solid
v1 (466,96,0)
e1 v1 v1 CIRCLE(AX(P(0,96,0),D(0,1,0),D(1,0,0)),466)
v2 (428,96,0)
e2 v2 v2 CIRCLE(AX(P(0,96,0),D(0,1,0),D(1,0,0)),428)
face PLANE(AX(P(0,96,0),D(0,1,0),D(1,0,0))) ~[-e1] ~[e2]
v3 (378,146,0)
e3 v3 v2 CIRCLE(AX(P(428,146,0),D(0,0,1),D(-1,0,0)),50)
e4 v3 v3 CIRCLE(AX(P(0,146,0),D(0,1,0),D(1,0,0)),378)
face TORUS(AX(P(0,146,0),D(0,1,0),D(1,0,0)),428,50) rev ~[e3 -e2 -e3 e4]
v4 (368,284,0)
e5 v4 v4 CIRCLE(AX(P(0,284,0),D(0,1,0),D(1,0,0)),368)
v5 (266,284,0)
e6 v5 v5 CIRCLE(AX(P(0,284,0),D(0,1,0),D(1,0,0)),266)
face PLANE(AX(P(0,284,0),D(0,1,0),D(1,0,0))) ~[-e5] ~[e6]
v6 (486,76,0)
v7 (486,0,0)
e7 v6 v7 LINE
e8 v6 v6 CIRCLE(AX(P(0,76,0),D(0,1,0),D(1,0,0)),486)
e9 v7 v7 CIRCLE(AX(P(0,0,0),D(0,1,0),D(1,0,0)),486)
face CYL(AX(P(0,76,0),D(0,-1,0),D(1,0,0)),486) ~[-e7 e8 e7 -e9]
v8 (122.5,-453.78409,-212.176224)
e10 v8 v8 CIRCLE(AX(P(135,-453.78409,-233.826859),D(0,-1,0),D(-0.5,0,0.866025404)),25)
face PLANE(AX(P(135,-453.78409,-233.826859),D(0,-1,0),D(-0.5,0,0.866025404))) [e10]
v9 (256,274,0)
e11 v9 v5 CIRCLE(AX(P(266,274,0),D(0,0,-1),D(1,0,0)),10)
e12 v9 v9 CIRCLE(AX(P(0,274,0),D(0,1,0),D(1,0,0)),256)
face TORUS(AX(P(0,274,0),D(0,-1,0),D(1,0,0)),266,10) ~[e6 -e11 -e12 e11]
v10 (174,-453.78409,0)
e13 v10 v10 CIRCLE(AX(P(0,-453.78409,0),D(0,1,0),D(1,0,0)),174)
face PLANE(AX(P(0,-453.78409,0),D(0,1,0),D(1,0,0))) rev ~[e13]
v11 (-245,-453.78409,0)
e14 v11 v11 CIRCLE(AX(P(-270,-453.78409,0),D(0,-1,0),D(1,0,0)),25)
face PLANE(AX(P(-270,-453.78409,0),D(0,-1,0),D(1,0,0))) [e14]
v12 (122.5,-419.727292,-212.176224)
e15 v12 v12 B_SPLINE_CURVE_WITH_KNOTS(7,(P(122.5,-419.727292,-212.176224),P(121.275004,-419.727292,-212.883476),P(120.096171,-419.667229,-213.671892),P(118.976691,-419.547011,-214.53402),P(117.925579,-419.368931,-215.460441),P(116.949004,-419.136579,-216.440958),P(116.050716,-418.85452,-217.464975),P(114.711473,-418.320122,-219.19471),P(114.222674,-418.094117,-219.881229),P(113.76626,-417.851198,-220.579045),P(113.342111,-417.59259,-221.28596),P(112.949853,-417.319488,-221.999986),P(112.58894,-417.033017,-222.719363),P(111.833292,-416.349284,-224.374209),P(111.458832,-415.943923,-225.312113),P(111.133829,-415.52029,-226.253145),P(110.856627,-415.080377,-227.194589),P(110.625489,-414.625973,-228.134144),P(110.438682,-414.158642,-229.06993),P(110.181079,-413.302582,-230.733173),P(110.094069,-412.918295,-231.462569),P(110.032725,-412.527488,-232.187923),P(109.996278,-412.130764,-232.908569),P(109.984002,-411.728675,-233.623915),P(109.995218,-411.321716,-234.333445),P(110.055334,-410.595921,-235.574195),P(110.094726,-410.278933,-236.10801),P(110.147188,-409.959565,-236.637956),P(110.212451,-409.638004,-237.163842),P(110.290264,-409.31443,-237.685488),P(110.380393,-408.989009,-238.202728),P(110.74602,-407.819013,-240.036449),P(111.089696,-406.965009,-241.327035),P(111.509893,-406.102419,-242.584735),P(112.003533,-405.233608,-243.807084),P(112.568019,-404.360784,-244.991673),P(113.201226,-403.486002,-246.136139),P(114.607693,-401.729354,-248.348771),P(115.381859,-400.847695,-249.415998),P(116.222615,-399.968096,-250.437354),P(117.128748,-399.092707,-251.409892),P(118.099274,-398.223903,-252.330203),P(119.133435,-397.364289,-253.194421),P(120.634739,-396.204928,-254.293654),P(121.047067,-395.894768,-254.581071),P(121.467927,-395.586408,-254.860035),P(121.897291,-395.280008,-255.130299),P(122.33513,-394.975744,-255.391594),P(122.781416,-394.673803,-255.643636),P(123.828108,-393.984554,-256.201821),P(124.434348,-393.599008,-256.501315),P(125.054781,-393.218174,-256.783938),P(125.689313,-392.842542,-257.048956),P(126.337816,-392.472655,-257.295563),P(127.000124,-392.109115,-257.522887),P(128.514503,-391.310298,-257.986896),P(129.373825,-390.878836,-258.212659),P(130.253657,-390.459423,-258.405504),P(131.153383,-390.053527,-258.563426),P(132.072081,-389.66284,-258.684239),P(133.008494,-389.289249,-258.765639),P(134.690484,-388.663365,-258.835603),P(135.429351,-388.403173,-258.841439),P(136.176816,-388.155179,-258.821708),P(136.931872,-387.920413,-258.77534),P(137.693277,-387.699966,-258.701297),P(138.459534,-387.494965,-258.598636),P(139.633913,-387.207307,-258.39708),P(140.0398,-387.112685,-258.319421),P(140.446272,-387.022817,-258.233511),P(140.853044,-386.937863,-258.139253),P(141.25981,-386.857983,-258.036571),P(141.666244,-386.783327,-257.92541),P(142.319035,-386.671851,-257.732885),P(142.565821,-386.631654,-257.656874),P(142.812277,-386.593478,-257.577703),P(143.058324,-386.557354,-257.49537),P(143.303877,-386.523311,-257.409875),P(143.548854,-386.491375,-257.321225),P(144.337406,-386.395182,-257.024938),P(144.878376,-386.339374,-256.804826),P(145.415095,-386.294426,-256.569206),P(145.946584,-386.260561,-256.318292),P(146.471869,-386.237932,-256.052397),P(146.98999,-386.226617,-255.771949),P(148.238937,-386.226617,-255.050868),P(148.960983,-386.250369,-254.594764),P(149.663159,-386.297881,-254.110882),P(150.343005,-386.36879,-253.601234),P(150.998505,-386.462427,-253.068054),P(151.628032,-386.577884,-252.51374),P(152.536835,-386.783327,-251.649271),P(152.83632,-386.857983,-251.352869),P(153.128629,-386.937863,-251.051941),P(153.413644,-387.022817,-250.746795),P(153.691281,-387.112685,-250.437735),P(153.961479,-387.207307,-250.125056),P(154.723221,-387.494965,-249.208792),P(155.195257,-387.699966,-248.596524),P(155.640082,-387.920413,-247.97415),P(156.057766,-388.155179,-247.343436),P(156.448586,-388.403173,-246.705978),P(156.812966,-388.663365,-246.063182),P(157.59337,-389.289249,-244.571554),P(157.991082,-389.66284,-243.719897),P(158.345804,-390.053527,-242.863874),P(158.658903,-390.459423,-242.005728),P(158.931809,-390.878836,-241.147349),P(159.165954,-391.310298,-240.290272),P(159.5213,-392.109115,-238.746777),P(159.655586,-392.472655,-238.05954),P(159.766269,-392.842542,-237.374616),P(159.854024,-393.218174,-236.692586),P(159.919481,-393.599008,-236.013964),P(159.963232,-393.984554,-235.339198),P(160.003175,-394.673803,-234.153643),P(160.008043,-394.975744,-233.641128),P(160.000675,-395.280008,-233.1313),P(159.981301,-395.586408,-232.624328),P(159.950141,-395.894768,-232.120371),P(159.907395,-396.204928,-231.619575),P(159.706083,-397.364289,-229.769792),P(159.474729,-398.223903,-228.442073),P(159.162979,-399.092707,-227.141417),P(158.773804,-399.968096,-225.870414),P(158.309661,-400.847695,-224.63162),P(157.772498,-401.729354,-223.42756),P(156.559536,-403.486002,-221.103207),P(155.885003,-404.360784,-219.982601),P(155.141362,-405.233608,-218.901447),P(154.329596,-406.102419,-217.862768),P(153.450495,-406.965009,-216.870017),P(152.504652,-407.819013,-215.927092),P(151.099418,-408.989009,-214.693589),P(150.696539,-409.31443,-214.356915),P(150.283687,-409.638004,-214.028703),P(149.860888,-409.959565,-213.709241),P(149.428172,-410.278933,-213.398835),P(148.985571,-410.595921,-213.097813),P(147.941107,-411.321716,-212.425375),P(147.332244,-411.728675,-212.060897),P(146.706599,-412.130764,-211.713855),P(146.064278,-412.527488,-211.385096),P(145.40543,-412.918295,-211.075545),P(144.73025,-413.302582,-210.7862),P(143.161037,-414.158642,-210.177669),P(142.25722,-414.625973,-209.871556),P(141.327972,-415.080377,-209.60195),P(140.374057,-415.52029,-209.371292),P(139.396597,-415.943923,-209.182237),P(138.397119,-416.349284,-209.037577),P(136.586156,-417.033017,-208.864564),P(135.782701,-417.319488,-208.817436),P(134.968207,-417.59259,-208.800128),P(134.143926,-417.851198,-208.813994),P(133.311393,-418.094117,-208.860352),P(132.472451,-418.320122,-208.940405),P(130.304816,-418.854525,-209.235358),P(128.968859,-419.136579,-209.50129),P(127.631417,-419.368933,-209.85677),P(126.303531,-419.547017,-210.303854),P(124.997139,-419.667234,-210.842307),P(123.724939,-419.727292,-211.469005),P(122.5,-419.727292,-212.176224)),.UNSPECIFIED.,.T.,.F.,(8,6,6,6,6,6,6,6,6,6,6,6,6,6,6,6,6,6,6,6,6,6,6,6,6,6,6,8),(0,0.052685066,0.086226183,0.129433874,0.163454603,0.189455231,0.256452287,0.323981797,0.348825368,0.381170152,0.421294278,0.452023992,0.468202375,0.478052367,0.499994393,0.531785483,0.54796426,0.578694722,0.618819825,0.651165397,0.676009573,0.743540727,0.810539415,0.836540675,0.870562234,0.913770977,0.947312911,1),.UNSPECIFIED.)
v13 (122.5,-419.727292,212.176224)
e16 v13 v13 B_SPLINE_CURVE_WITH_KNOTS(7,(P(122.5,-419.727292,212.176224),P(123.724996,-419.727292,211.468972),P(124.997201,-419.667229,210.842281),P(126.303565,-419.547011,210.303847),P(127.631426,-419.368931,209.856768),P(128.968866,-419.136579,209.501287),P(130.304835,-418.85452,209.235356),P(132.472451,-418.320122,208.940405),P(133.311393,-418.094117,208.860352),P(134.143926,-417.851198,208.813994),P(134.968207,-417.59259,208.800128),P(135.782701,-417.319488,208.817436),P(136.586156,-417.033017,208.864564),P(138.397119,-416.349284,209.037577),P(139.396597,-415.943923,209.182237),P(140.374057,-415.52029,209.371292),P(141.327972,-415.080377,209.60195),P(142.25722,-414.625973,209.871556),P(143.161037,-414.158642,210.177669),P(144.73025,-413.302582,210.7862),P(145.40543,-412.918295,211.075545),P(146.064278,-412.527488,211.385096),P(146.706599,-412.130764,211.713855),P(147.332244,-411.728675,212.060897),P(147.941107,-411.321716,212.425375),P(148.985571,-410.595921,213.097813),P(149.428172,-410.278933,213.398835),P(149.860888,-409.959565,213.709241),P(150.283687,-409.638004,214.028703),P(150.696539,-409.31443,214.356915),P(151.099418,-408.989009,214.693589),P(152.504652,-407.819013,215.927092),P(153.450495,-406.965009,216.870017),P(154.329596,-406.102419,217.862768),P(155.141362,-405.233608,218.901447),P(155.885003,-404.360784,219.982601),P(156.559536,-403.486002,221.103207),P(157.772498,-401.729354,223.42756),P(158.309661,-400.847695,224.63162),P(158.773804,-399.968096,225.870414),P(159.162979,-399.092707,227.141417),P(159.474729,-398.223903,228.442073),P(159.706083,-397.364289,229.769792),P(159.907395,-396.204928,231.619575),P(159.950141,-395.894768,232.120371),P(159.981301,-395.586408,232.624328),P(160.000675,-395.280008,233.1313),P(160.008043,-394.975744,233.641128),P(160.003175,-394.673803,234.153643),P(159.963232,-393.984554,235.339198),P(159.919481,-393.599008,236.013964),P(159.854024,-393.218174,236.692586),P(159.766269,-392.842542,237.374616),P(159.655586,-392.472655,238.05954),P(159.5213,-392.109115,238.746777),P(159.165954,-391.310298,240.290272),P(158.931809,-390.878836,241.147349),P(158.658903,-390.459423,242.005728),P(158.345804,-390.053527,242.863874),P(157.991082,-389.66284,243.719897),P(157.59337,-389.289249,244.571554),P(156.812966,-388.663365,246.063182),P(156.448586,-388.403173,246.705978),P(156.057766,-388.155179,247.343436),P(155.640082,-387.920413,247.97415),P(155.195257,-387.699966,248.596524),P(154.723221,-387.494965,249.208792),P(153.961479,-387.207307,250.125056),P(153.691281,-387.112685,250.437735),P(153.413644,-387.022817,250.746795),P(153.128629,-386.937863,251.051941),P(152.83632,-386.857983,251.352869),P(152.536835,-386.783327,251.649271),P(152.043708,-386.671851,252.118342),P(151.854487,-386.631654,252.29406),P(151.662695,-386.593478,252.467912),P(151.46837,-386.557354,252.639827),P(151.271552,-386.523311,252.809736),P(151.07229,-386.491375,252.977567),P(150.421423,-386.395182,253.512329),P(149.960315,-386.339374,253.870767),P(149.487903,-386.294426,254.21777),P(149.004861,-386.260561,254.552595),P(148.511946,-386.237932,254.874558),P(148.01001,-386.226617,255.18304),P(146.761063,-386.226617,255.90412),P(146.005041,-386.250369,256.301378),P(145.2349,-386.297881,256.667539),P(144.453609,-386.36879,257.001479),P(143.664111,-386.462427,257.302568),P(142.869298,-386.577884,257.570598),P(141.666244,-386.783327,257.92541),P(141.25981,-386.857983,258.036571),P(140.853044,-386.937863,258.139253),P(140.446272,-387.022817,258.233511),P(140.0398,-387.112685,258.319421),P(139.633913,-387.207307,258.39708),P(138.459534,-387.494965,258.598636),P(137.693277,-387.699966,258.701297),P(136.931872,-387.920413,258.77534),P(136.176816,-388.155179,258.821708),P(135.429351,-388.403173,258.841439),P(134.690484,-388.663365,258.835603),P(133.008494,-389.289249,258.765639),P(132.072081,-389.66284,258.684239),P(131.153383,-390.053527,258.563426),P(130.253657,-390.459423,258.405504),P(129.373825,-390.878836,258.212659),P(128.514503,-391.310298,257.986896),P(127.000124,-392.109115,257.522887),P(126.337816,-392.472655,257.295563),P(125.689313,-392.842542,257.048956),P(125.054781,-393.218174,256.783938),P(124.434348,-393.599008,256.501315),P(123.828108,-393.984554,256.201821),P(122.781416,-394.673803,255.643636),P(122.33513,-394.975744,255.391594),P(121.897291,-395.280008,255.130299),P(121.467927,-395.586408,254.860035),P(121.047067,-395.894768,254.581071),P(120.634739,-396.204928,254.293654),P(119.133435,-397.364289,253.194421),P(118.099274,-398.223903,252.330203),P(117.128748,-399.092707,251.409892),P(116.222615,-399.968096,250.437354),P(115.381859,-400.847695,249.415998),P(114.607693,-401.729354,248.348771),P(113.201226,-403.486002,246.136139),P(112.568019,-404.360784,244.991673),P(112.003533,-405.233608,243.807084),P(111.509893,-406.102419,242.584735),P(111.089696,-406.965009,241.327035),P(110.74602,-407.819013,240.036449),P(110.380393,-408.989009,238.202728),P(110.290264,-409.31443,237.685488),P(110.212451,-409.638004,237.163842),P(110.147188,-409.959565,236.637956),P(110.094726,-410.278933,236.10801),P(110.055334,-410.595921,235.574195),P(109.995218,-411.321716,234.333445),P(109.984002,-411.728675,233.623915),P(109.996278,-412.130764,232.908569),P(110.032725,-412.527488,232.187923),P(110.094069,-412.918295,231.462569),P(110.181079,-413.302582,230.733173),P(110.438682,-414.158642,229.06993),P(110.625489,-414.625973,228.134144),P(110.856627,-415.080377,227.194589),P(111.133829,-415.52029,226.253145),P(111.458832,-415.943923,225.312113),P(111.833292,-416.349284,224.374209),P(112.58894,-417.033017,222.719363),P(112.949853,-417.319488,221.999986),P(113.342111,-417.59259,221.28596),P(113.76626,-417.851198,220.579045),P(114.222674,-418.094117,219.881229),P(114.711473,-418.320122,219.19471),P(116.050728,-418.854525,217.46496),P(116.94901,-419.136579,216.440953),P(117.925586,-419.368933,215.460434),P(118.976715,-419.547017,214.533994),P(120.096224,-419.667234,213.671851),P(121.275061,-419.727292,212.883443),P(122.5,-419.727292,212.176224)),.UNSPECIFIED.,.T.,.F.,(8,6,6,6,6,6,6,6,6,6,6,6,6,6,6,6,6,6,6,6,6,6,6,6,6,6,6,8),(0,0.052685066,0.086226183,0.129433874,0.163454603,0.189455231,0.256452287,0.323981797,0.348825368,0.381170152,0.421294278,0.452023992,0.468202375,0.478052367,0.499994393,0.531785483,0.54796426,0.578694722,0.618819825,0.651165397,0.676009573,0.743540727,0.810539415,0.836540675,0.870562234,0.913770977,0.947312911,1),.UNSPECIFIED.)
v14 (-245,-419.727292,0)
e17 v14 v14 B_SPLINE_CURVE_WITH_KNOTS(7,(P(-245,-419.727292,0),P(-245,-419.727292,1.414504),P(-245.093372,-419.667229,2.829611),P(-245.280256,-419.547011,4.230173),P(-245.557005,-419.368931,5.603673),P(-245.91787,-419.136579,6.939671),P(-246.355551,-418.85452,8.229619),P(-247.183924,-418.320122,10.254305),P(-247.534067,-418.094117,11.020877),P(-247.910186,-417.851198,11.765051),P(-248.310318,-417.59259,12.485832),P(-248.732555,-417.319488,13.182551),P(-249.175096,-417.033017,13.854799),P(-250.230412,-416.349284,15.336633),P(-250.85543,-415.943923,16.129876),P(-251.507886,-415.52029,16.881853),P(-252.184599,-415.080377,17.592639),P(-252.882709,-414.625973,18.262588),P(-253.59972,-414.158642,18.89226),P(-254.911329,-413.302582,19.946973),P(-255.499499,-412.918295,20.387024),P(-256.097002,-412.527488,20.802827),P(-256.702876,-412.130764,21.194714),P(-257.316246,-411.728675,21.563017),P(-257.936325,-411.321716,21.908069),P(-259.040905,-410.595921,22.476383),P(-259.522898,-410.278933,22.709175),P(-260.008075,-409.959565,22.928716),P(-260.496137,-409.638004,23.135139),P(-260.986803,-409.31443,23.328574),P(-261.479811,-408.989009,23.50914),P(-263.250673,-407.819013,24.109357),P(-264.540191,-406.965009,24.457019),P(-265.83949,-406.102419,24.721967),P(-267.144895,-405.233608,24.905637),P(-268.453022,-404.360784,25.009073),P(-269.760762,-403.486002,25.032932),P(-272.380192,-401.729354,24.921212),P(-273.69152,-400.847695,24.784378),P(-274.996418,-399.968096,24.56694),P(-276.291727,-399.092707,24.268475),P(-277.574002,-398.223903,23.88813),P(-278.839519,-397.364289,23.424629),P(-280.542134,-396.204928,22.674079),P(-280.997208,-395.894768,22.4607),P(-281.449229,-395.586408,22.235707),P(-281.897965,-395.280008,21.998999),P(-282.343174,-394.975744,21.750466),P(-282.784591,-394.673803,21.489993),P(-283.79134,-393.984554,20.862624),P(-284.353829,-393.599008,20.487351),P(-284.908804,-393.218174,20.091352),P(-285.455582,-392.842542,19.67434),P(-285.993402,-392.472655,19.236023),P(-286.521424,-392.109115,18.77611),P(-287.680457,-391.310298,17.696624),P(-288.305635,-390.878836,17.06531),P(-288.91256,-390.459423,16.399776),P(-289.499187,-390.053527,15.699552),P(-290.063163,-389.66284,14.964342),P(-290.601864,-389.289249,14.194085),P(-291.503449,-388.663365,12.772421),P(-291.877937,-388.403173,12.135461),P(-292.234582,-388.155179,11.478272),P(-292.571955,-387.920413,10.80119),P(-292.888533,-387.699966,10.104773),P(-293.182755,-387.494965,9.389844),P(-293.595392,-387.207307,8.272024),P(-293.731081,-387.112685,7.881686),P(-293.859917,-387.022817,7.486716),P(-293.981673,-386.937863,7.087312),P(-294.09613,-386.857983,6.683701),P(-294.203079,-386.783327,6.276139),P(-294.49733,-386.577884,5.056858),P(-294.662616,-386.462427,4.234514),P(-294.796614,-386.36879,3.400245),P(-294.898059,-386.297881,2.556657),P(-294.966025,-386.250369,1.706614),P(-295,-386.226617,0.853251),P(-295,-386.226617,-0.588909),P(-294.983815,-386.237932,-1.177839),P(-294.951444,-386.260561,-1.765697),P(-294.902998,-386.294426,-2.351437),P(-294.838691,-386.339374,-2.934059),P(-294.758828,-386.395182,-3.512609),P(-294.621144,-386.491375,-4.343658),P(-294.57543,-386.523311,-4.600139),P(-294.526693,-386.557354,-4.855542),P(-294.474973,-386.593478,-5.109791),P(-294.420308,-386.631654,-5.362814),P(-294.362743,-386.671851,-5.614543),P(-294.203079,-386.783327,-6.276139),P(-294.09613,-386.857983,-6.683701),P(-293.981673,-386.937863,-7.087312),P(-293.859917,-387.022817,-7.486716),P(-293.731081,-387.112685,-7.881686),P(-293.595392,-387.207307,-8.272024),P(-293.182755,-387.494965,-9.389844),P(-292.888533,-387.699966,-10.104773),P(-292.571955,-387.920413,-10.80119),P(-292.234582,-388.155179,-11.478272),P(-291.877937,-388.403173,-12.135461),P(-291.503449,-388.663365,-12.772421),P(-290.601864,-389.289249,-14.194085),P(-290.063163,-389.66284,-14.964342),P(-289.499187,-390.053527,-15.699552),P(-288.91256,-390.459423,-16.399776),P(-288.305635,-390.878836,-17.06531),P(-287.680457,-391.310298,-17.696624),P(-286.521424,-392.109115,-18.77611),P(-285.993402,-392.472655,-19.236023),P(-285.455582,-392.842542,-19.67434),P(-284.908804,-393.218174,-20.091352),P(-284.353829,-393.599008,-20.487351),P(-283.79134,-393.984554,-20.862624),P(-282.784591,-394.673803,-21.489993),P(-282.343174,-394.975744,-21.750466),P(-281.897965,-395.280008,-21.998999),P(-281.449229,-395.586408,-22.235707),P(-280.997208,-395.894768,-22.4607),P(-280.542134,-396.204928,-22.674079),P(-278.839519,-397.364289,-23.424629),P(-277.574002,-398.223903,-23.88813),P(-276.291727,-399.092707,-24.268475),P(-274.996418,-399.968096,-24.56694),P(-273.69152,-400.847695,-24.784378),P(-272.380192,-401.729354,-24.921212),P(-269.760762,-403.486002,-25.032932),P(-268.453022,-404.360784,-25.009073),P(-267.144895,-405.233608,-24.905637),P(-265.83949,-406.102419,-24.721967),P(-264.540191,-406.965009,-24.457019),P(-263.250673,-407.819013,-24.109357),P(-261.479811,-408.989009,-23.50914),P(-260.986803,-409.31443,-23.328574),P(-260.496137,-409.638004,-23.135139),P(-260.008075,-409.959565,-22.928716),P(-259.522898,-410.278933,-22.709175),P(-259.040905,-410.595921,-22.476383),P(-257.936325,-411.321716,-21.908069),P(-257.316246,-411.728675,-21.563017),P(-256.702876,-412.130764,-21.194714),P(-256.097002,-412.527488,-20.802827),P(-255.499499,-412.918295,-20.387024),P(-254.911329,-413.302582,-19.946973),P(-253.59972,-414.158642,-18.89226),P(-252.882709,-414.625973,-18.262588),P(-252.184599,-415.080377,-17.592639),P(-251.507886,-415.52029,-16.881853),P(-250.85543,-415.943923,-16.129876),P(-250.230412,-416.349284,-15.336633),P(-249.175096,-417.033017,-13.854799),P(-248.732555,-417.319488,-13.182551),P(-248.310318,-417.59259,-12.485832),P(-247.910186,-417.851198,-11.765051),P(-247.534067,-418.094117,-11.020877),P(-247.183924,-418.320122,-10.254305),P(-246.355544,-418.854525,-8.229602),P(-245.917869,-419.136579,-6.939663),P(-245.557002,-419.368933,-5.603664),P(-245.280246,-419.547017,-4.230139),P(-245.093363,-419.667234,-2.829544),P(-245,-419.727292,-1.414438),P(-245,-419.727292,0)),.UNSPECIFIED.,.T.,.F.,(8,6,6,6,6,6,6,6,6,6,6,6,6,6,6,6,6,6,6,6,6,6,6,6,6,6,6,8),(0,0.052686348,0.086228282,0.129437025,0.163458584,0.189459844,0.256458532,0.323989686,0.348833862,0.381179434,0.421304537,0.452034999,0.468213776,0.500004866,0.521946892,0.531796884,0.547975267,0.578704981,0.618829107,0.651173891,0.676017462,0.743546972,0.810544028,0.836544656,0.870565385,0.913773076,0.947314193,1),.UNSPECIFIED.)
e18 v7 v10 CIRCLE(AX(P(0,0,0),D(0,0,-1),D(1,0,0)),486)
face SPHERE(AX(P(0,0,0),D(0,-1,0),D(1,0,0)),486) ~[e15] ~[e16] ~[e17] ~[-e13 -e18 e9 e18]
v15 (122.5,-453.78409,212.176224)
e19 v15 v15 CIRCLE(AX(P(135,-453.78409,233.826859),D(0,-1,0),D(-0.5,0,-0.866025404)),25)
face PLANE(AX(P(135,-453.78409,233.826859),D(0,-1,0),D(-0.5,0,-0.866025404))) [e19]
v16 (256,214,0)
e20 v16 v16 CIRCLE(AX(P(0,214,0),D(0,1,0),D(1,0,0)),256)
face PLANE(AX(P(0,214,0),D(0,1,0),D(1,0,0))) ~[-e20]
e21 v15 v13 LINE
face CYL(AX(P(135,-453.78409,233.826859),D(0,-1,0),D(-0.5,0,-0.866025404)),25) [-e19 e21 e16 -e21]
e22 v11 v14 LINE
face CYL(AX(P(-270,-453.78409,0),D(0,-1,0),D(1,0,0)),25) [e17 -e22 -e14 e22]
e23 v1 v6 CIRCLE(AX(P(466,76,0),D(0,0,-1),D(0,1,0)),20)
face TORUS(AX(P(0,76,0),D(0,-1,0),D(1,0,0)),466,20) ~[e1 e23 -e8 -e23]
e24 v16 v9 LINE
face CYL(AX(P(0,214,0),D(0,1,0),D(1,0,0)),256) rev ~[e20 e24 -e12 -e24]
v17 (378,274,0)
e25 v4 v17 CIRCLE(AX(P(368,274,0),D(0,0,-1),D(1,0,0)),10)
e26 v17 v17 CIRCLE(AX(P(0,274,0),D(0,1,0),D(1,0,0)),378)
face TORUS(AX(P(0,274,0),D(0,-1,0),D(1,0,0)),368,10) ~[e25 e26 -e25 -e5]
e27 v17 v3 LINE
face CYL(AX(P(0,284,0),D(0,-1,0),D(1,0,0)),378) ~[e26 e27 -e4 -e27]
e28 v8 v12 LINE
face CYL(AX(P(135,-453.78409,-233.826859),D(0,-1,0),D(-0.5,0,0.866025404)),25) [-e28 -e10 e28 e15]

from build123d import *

# Parameters (mm, degrees)
FILLET1_R           = 10
SKETCH2_R           = 25
BOSS_EXTRUDE1_DEPTH = 80
CIRPATTERN1_COUNT   = 3


with BuildPart() as part:
    # Sketch1 → Revolve1 (revolve)
    with BuildSketch(Plane.XY):
        with BuildLine():
            Line((0, 214), (256, 214))
            Line((256, 214), (256, 284))
            Line((256, 284), (378, 284))
            Line((378, 284), (378, 146))
            ThreePointArc((378, 146), (392.644660941, 110.644660941), (428, 96))
            Line((428, 96), (466, 96))
            ThreePointArc((466, 96), (480.142135624, 90.142135624), (486, 76))
            Line((486, 76), (486, 0))
            ThreePointArc((486, 0), (400.474718303, -275.347053734), (174, -453.784089629))
            Line((174, -453.784089629), (0, -453.784089629))
            Line((0, -453.784089629), (0, 214))
        make_face()
    revolve(axis=Axis((0, -1000, 0), (0, 1, 0)))

    # Fillet1
    fillet1_edges = [part.edges().sort_by_distance(p)[0] for p in [
        (-256, 284, 0),
        (-378, 284, 0),
    ]]
    fillet(fillet1_edges, radius=FILLET1_R)

    # Sketch2 → Boss-Extrude1 (add)
    with BuildSketch(Plane.XZ.offset(453.784089629)):
        with Locations((-270, 0)):
            Circle(SKETCH2_R)
    boss_extrude1 = extrude(amount=-BOSS_EXTRUDE1_DEPTH)

    # CirPattern1: Boss-Extrude1 ×3 about axis
    cirpattern1_axis = Axis((0, 0, 0), (0, 1, 0))
    for i in range(1, CIRPATTERN1_COUNT):
        add(boss_extrude1.rotate(cirpattern1_axis, i * 360 / CIRPATTERN1_COUNT))


solid = part.part
